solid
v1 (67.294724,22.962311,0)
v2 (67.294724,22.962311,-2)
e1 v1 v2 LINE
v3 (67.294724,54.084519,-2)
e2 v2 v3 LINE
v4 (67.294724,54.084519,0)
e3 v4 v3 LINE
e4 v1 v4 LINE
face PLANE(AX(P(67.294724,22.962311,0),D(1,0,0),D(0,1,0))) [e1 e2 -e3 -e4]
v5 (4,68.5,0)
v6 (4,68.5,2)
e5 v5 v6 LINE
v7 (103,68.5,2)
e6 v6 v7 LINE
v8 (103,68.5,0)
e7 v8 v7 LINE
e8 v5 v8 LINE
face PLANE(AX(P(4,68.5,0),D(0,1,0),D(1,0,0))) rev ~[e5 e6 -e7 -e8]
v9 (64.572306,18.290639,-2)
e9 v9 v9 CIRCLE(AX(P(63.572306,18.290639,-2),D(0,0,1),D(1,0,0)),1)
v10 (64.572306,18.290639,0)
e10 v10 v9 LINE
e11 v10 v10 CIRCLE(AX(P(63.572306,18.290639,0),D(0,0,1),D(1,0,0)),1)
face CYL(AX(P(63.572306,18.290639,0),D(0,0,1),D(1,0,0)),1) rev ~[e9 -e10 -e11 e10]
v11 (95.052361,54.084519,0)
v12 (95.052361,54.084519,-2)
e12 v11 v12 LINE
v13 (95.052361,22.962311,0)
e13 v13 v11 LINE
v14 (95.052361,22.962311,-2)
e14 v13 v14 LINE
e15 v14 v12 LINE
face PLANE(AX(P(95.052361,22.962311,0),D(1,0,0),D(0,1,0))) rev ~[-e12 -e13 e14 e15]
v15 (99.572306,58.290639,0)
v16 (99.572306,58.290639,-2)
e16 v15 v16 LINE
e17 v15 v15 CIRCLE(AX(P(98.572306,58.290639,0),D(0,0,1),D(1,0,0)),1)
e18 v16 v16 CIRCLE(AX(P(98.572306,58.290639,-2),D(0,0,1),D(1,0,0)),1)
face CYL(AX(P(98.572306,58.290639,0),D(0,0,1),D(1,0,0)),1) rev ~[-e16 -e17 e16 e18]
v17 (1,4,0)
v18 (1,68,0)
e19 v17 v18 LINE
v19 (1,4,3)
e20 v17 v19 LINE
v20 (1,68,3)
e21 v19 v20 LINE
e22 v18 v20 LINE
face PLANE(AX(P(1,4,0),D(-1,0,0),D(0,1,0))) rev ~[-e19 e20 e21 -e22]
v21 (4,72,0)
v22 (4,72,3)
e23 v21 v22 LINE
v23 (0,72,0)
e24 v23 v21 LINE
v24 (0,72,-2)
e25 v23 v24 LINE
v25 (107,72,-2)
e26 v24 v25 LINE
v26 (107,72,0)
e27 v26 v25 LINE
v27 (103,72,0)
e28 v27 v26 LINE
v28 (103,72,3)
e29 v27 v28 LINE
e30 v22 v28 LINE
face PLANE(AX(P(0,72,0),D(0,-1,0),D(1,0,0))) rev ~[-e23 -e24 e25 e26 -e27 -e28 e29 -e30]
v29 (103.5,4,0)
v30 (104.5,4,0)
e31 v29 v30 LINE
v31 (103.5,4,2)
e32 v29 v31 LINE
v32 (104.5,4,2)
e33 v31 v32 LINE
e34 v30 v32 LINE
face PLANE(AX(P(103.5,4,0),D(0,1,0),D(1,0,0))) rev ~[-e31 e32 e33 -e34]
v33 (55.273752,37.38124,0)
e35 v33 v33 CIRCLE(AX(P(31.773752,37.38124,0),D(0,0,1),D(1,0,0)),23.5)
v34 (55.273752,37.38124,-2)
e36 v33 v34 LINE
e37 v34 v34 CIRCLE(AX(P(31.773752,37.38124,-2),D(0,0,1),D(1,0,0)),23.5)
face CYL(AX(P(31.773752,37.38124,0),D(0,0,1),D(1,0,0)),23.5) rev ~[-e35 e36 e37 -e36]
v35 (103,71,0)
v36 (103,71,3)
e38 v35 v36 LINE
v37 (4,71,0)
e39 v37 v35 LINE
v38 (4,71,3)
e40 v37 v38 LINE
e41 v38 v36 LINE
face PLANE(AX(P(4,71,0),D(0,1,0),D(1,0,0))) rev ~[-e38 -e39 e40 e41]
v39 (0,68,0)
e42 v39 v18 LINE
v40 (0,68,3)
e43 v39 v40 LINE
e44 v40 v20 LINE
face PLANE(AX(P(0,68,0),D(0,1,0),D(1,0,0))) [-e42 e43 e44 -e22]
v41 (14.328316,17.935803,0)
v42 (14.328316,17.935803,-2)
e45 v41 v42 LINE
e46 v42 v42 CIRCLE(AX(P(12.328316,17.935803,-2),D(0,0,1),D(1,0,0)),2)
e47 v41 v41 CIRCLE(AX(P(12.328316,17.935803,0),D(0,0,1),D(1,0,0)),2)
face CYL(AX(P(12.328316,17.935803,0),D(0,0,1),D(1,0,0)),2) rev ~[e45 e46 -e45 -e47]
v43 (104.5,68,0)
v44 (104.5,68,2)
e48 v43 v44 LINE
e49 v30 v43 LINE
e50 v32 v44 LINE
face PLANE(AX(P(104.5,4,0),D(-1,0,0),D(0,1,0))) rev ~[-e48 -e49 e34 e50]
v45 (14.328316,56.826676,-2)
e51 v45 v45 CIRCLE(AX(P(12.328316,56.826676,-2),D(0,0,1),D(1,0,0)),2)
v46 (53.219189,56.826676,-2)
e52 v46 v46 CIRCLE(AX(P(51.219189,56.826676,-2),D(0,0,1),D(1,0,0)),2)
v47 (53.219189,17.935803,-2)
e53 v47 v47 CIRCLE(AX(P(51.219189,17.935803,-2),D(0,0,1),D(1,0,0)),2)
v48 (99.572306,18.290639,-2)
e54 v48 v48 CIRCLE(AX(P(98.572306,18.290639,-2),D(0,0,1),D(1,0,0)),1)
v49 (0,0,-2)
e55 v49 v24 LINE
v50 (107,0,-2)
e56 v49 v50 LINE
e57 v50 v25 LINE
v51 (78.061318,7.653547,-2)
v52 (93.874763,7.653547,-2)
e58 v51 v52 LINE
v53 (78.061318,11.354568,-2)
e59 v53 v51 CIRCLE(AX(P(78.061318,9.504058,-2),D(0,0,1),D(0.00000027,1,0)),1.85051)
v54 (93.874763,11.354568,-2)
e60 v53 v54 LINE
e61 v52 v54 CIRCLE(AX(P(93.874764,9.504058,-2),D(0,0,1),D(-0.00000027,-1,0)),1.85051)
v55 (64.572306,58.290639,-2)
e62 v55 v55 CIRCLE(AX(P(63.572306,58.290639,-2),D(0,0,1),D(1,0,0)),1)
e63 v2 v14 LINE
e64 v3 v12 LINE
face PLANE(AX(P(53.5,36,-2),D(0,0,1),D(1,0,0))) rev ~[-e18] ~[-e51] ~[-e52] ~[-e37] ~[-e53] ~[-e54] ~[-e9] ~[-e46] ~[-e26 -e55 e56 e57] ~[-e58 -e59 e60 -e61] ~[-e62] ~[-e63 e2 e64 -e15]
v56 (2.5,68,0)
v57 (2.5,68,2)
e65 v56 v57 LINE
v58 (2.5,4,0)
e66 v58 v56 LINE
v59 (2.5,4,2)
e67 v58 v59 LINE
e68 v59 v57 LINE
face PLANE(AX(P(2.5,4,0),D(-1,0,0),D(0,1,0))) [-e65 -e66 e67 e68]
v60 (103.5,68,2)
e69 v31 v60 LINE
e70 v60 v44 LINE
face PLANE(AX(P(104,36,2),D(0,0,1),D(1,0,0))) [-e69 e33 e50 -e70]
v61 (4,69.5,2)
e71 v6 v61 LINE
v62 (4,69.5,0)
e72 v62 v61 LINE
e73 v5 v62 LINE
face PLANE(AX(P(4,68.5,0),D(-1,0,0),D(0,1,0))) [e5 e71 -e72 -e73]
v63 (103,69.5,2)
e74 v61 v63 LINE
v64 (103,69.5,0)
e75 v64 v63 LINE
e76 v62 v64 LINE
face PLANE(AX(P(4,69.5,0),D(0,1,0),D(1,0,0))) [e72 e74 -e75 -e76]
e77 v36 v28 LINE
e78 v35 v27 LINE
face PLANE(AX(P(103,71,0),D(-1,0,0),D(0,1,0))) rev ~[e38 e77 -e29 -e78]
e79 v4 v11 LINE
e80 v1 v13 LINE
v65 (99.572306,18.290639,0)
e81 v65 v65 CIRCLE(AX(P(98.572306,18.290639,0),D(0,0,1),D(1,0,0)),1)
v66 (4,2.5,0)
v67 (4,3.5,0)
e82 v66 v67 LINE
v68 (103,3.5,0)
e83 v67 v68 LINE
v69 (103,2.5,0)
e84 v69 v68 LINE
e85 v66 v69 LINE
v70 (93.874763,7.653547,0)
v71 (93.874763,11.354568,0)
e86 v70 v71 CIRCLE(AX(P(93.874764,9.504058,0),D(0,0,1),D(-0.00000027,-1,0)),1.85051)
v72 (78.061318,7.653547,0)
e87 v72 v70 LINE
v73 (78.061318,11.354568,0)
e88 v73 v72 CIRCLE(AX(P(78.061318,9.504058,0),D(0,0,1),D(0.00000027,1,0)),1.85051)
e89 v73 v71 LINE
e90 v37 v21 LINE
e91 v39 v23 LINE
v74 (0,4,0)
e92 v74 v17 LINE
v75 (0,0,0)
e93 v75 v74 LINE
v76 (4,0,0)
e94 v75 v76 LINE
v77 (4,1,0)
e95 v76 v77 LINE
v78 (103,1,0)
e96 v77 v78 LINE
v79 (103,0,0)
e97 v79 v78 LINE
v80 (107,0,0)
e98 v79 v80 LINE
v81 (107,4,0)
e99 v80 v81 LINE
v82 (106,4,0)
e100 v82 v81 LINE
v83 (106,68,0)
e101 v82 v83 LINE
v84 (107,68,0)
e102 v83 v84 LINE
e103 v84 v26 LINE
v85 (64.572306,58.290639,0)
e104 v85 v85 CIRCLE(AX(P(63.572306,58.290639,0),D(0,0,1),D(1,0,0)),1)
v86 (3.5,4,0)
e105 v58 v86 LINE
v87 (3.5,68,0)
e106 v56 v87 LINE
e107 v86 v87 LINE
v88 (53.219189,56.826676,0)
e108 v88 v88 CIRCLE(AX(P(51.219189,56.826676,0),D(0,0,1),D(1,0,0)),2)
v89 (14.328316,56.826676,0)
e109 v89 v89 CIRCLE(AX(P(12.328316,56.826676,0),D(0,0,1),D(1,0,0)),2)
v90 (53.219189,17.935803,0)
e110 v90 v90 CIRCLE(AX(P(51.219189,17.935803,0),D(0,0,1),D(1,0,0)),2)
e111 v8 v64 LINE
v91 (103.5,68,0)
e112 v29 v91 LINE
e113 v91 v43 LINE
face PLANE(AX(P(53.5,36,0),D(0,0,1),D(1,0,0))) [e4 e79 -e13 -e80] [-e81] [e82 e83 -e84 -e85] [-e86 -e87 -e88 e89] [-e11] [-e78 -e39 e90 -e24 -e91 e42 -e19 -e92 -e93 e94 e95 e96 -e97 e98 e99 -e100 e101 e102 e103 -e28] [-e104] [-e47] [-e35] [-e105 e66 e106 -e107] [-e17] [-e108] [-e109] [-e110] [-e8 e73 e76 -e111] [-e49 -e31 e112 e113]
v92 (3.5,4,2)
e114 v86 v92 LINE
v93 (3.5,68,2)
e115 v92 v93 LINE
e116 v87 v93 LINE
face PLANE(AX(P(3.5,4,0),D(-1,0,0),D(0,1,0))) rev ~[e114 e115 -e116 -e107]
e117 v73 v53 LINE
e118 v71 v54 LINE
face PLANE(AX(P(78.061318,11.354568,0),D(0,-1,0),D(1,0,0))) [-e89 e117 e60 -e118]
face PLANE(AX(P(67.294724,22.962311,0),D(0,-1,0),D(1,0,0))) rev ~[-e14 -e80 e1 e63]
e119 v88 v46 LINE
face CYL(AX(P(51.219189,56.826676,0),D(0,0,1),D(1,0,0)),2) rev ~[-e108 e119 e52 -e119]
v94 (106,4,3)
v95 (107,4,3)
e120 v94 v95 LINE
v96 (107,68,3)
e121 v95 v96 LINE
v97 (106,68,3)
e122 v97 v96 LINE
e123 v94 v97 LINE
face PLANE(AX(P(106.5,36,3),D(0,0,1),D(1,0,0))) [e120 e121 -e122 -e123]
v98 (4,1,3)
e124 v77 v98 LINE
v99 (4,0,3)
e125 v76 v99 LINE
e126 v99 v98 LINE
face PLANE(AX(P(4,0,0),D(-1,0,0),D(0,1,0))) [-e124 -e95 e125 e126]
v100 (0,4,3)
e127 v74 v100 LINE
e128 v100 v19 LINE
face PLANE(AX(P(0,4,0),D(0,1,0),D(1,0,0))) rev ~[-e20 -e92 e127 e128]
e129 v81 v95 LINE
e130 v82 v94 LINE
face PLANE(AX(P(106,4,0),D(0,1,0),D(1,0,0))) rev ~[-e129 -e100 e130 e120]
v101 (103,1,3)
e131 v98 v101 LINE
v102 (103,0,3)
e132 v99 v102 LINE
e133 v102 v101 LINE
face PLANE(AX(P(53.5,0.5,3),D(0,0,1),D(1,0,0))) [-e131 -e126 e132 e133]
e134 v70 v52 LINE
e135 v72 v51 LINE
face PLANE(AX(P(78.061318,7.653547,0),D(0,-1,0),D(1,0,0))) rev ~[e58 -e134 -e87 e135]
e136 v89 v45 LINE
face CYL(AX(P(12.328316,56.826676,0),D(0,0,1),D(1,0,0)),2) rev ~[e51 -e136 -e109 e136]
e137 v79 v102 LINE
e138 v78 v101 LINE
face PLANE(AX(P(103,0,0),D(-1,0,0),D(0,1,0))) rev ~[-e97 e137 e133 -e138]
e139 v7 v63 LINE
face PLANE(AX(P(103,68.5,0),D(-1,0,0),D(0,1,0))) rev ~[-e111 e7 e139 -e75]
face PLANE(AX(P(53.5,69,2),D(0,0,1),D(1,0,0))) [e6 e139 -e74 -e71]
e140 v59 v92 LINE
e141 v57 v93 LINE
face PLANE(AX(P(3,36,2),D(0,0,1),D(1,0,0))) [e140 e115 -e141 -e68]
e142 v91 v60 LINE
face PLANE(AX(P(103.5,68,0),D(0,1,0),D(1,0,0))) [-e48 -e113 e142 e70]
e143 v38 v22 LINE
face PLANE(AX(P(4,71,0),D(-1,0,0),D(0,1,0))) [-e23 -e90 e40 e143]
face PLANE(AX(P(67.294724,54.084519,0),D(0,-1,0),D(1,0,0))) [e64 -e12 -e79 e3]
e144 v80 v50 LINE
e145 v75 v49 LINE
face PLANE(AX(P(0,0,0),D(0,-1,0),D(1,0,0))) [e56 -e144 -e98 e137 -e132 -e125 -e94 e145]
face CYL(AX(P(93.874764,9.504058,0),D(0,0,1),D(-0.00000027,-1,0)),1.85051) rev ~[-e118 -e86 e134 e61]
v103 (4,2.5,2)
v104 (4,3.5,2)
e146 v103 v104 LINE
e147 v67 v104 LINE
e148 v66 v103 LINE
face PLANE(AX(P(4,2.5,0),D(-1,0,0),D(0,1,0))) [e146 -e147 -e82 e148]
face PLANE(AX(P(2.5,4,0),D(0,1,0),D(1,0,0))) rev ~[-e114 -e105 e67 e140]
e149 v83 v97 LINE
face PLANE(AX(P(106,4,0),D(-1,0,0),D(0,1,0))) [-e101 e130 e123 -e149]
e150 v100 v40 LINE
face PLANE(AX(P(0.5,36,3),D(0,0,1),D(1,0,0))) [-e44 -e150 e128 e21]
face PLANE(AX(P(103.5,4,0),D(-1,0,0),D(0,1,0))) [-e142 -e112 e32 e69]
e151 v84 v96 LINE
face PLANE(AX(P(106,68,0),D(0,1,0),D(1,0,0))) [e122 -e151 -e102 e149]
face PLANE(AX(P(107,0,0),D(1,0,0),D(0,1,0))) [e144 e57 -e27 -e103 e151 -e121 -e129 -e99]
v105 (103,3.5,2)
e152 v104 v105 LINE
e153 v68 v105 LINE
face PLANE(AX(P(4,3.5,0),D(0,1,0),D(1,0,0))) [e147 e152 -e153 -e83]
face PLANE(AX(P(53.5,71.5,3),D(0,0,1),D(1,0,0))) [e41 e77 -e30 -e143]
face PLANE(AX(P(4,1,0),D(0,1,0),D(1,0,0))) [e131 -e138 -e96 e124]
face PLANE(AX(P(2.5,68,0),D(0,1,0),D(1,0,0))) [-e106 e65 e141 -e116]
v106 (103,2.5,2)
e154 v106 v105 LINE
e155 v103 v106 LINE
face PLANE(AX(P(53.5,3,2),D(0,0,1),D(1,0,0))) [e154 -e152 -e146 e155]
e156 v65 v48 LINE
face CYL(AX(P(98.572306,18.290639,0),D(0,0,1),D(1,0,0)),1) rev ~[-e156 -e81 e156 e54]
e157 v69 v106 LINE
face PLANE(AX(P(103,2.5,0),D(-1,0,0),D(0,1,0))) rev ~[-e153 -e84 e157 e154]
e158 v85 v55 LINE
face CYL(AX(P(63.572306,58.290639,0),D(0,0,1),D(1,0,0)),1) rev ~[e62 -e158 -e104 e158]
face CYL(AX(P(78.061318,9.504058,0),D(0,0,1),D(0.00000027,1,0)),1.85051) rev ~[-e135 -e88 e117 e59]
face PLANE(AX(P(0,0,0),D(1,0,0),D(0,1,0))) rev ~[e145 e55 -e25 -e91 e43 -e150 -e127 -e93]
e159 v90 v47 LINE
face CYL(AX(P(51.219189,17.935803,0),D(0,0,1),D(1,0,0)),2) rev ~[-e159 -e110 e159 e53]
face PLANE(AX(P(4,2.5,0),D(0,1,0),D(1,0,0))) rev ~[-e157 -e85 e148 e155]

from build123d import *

# Parameters (mm, degrees)
SKETCH_W      = 107
SKETCH_H      = 72
PAD_DEPTH     = 2
SKETCH001_W   = 1
SKETCH001_H   = 64
PAD001_DEPTH  = 3
SKETCH002_W   = 1
SKETCH002_H   = 64
PAD002_DEPTH  = 2
SKETCH003_W   = 1
SKETCH003_H   = 64
PAD003_DEPTH  = 2
SKETCH004_W   = 1
SKETCH004_H   = 64
PAD004_DEPTH  = 3
SKETCH005_W   = 99
SKETCH005_H   = 1
PAD005_DEPTH  = 3
SKETCH006_W   = 99
SKETCH006_H   = 1
PAD006_DEPTH  = 2
SKETCH007_W   = 99
SKETCH007_H   = 1
PAD007_DEPTH  = 2
SKETCH008_W   = 99
SKETCH008_H   = 1
PAD008_DEPTH  = 3
SKETCH009_R   = 23.5
SKETCH009_R_2 = 2
SKETCH009_R_3 = 1
SKETCH009_W   = 27.757637
SKETCH009_H   = 31.122207
POCKET_DEPTH  = 2.001


with BuildPart() as part:
    # Sketch → Pad (new body)
    with BuildSketch(Plane.XY):
        with Locations((53.5, 36)):
            Rectangle(SKETCH_W, SKETCH_H)
    extrude(amount=-PAD_DEPTH)

    # Sketch001 → Pad001 (join)
    with BuildSketch(Plane.XY):
        with Locations((0.5, 36)):
            Rectangle(SKETCH001_W, SKETCH001_H)
    extrude(amount=PAD001_DEPTH)

    # Sketch002 → Pad002 (join)
    with BuildSketch(Plane.XY):
        with Locations((3, 36)):
            Rectangle(SKETCH002_W, SKETCH002_H)
    extrude(amount=PAD002_DEPTH)

    # Sketch003 → Pad003 (join)
    with BuildSketch(Plane.XY):
        with Locations((104, 36)):
            Rectangle(SKETCH003_W, SKETCH003_H)
    extrude(amount=PAD003_DEPTH)

    # Sketch004 → Pad004 (join)
    with BuildSketch(Plane.XY):
        with Locations((106.5, 36)):
            Rectangle(SKETCH004_W, SKETCH004_H)
    extrude(amount=PAD004_DEPTH)

    # Sketch005 → Pad005 (join)
    with BuildSketch(Plane.XY):
        with Locations((53.5, 71.5)):
            Rectangle(SKETCH005_W, SKETCH005_H)
    extrude(amount=PAD005_DEPTH)

    # Sketch006 → Pad006 (join)
    with BuildSketch(Plane.XY):
        with Locations((53.5, 69)):
            Rectangle(SKETCH006_W, SKETCH006_H)
    extrude(amount=PAD006_DEPTH)

    # Sketch007 → Pad007 (join)
    with BuildSketch(Plane.XY):
        with Locations((53.5, 3)):
            Rectangle(SKETCH007_W, SKETCH007_H)
    extrude(amount=PAD007_DEPTH)

    # Sketch008 → Pad008 (join)
    with BuildSketch(Plane.XY):
        with Locations((53.5, 0.5)):
            Rectangle(SKETCH008_W, SKETCH008_H)
    extrude(amount=PAD008_DEPTH)

    # Sketch009 → Pocket (cut, through all)
    with BuildSketch(Plane.XY):
        with Locations((31.773752, 37.38124)):
            Circle(SKETCH009_R)
        with Locations((12.328316, 56.826676)):
            Circle(SKETCH009_R_2)
        with Locations((51.219189, 56.826676)):
            Circle(SKETCH009_R_2)
        with Locations((51.219189, 17.935803)):
            Circle(SKETCH009_R_2)
        with Locations((12.328316, 17.935803)):
            Circle(SKETCH009_R_2)
        with Locations((63.572306, 58.290639)):
            Circle(SKETCH009_R_3)
        with Locations((98.572306, 58.290639)):
            Circle(SKETCH009_R_3)
        with Locations((63.572306, 18.290639)):
            Circle(SKETCH009_R_3)
        with Locations((98.572306, 18.290639)):
            Circle(SKETCH009_R_3)
        with BuildLine():
            ThreePointArc((78.061318, 11.354568), (76.210807, 9.504057), (78.061318, 7.653547))
            Line((78.061318, 7.653547), (93.874763, 7.653547))
            ThreePointArc((93.874763, 7.653547), (95.725274, 9.504057), (93.874763, 11.354568))
            Line((78.061318, 11.354568), (93.874763, 11.354568))
        make_face()
        with Locations((81.173542, 38.523415)):
            Rectangle(SKETCH009_W, SKETCH009_H)
    extrude(amount=-POCKET_DEPTH, mode=Mode.SUBTRACT)


solid = part.part
